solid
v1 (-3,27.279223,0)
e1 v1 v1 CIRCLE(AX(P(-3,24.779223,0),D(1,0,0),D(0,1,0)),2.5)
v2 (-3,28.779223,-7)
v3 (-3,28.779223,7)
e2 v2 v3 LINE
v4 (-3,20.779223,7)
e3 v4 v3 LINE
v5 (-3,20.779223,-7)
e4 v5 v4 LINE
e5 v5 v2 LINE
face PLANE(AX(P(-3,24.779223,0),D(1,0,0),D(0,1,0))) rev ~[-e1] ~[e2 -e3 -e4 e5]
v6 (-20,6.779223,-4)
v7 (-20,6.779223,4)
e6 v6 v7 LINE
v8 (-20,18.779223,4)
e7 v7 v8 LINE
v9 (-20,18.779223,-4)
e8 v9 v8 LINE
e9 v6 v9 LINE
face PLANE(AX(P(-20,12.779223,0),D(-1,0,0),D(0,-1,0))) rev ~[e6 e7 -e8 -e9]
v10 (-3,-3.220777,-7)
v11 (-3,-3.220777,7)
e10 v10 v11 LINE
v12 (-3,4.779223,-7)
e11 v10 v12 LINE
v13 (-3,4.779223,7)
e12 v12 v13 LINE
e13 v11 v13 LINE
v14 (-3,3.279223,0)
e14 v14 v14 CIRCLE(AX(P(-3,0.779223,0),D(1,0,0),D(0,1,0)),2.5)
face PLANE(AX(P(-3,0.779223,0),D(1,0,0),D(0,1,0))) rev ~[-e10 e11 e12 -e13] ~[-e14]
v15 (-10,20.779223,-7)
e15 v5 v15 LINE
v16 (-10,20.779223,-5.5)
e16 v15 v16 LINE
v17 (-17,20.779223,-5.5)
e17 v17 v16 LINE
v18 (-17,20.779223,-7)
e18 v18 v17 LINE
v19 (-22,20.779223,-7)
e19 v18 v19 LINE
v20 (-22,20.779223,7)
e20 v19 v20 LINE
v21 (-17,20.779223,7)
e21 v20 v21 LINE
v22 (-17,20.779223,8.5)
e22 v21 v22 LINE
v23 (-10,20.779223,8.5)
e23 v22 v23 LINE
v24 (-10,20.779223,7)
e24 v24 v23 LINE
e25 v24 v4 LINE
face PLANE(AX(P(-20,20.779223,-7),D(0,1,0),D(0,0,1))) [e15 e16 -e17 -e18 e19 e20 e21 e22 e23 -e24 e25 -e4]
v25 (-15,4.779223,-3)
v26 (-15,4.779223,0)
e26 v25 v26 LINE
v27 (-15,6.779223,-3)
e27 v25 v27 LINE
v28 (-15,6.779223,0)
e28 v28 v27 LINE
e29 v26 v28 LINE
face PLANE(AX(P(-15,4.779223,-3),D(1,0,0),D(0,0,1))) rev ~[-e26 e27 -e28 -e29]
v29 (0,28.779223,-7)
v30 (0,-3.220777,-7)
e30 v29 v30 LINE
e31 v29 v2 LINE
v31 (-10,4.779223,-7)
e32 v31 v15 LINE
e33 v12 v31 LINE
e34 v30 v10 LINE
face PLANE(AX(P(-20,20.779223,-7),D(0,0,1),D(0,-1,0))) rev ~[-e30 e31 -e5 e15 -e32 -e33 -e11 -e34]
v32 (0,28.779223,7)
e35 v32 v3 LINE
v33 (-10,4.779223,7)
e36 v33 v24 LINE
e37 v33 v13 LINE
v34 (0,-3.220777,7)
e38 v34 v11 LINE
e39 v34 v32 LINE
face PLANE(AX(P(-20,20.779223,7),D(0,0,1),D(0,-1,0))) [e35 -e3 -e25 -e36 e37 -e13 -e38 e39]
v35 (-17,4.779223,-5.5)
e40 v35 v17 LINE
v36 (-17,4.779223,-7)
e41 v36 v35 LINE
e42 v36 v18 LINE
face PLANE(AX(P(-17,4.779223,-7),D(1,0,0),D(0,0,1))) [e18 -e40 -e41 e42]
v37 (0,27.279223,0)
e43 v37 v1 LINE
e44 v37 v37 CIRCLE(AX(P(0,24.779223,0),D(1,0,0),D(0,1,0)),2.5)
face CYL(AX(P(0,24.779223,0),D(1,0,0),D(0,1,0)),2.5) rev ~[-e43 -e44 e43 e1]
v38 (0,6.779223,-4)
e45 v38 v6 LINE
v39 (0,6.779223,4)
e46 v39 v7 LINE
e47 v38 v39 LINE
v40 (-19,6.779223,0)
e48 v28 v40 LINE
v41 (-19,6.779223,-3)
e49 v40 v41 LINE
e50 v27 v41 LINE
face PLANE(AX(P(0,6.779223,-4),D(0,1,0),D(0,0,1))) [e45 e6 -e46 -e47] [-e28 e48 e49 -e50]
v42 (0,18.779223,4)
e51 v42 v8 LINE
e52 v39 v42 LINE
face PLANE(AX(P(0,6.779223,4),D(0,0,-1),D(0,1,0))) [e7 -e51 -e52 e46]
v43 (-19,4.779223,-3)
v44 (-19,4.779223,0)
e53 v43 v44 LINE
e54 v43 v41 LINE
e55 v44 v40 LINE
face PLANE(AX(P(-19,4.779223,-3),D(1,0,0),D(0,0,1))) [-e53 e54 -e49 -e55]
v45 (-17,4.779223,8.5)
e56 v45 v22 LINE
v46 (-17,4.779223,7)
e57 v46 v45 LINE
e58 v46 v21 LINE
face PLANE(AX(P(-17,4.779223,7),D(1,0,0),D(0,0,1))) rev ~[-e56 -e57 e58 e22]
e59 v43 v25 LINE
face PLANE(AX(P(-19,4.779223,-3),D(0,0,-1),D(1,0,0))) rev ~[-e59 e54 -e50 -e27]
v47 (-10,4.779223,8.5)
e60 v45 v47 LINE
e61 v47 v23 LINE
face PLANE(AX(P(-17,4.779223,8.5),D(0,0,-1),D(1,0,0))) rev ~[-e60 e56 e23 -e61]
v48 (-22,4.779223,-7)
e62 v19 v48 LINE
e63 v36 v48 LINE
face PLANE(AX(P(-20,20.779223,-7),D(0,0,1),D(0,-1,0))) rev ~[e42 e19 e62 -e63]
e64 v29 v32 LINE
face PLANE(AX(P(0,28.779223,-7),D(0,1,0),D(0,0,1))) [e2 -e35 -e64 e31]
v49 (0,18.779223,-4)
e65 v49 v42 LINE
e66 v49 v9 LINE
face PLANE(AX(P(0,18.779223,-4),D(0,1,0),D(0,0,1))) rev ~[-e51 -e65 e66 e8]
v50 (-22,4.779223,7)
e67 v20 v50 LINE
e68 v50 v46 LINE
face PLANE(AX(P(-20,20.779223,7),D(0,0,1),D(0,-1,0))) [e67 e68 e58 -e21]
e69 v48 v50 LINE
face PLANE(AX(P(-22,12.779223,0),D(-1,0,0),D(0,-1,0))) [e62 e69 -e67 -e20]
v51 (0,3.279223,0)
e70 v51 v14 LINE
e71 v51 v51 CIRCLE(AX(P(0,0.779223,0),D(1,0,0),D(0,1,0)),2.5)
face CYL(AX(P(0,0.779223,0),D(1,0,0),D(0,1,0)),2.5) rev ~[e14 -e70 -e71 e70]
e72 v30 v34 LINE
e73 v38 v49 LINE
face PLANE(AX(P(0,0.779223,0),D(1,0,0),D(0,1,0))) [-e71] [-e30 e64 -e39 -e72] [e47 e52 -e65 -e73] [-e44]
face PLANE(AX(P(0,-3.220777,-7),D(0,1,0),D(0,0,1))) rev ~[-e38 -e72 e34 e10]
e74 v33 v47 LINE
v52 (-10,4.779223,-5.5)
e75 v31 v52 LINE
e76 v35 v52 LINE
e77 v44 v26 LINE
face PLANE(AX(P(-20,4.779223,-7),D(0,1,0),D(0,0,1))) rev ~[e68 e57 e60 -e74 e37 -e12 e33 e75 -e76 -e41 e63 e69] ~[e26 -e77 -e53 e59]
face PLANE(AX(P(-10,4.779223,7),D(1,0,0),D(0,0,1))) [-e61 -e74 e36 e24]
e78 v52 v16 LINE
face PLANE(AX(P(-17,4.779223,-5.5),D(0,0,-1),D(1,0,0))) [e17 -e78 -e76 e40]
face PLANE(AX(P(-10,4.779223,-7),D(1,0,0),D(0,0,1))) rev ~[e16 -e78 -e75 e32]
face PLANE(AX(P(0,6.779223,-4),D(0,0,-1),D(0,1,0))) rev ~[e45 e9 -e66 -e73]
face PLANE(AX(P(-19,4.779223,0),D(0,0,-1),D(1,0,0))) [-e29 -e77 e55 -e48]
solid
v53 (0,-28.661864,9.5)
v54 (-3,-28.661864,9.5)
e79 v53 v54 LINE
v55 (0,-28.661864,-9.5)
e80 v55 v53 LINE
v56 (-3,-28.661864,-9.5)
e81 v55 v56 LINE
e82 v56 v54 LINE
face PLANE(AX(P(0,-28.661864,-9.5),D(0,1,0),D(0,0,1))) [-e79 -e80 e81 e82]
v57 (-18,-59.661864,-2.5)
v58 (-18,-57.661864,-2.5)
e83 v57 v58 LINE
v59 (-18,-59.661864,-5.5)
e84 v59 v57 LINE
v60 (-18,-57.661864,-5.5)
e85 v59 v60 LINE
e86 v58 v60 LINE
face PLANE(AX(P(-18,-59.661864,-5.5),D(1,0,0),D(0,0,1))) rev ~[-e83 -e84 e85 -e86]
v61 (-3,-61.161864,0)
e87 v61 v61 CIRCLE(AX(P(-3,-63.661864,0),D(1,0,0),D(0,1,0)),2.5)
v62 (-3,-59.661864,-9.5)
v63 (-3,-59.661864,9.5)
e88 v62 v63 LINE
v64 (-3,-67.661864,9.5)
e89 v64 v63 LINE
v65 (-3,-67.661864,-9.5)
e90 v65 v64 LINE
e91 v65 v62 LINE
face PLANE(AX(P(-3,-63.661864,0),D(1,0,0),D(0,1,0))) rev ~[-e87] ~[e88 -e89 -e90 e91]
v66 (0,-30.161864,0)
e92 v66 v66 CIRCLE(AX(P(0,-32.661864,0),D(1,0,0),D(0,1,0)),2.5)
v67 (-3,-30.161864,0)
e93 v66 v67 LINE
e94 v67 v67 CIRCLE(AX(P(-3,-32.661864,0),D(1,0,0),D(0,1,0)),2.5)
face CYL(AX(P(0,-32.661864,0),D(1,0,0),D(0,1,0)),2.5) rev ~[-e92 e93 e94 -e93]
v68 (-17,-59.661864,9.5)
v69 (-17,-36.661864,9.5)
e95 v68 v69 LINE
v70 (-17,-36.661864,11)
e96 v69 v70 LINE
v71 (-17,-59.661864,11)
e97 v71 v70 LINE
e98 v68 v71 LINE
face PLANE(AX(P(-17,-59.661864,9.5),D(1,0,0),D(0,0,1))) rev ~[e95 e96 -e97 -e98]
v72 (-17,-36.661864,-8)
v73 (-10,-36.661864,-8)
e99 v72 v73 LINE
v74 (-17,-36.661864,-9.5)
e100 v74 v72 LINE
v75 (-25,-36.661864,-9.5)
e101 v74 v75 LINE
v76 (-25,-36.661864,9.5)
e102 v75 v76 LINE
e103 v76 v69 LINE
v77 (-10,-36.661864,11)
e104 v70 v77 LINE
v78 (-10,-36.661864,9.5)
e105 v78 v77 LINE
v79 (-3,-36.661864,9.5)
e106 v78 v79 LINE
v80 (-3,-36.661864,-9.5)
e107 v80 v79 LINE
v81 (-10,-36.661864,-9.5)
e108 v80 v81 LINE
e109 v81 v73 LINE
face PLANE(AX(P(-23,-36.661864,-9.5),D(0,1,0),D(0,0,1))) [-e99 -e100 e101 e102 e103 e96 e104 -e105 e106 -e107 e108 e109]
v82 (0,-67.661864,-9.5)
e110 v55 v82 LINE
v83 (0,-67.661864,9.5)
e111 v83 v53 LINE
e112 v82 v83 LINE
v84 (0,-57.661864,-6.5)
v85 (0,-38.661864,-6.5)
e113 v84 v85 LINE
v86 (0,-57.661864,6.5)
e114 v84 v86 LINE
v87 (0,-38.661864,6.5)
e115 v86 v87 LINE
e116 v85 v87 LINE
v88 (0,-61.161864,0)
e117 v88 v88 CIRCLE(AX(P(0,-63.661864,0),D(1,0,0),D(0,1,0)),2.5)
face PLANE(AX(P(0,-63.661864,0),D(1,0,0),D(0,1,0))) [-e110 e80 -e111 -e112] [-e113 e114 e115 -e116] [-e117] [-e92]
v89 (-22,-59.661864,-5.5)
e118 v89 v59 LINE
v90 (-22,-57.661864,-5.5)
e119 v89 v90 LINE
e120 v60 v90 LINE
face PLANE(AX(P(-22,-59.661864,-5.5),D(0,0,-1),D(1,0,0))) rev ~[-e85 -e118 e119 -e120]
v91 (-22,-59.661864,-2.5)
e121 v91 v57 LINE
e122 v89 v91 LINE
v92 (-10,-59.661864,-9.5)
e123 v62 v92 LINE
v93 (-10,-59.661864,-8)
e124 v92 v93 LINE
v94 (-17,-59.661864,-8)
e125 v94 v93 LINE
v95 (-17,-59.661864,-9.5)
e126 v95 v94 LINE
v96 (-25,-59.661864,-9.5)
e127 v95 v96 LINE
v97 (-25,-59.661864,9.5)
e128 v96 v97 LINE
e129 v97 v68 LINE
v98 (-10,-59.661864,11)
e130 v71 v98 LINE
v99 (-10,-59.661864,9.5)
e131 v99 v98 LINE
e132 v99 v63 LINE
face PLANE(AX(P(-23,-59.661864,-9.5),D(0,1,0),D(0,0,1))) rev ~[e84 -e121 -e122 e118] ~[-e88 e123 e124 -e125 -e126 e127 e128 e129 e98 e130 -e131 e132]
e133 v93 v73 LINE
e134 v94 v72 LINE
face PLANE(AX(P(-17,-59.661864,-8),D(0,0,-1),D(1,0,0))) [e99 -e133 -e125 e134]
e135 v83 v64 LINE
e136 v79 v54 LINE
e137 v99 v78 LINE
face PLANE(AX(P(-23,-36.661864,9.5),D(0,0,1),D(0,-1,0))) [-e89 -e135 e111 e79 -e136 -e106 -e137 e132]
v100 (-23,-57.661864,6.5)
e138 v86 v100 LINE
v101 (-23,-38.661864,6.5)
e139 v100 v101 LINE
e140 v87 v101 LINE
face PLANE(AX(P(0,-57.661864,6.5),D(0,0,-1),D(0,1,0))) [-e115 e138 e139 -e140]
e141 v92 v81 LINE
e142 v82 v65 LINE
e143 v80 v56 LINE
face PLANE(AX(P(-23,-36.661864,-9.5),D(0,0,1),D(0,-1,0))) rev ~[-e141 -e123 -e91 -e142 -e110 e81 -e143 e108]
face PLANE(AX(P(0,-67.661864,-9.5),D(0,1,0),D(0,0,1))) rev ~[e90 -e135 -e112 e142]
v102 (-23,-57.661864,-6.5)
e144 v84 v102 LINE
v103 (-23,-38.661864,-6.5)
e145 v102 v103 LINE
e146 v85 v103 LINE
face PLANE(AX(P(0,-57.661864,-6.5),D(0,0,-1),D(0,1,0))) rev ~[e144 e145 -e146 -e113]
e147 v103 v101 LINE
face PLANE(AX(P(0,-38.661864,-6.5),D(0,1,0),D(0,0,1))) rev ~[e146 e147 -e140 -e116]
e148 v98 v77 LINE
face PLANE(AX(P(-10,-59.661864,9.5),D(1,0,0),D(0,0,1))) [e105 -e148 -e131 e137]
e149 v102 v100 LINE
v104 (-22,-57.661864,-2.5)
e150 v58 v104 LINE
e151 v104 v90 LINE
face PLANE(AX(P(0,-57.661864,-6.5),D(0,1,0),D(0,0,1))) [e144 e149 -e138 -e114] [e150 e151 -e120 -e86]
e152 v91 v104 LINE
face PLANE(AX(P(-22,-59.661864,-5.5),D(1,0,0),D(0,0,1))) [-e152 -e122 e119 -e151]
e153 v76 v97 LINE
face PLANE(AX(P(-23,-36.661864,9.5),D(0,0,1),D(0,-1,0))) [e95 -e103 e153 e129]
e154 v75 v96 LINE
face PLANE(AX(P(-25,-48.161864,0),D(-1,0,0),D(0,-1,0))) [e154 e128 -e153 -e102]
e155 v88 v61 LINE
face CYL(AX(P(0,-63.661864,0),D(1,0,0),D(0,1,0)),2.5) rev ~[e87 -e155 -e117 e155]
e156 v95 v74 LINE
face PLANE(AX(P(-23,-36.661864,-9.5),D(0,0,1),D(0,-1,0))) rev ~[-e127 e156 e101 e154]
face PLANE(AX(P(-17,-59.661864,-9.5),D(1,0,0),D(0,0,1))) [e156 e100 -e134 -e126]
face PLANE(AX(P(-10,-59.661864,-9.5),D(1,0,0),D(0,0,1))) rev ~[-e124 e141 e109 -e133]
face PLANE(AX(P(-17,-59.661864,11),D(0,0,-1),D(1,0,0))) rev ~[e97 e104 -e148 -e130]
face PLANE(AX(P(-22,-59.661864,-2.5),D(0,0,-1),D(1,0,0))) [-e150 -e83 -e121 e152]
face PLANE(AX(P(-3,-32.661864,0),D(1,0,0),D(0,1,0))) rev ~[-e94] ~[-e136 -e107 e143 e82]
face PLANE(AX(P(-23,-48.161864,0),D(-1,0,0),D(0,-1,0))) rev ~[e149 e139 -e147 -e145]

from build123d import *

# Parameters (mm, degrees)
F0_W      = 23
F0_H      = 19
F0_W_2    = 19
F0_H_2    = 13
F1_DEPTH  = 23
F0_W_3    = 8
F0_R      = 2.5
F2_DEPTH  = 3
F3_W      = 23
F3_H      = 19
F4_DEPTH  = 2
F5_W      = 4
F5_H      = 3
F6_DEPTH  = 3
F5_W_2    = 7
F5_H_2    = 1.5
F7_DEPTH  = 23
F8_DEPTH  = 23
F0_W_4    = 16
F0_H_3    = 14
F0_W_5    = 12
F0_H_4    = 8
F9_DEPTH  = 20
F10_DEPTH = 3
F11_W     = 16
F11_H     = 14
F12_DEPTH = 2
F13_W     = 4
F13_H     = 3
F14_DEPTH = 3
F13_W_2   = 7
F13_H_2   = 1.5
F15_DEPTH = 16
F16_DEPTH = 16


with BuildPart() as f1:
    # F0 (on Right) → F1 (new body)
    with BuildSketch(Plane.YZ):
        with Locations((-48.1618642807, 0)):
            Rectangle(F0_W, F0_H)
        with Locations((-48.1618642807, 0)):
            Rectangle(F0_W_2, F0_H_2, mode=Mode.SUBTRACT)
    extrude(amount=-F1_DEPTH)

    # F0 (on Right) → F2 (join)
    with BuildSketch(Plane.YZ):
        with Locations((-63.6618642807, 0)):
            Rectangle(F0_W_3, F0_H)
        with Locations((-63.6618642807, 0)):
            Circle(F0_R, mode=Mode.SUBTRACT)
        with Locations((-32.6618642807, 0)):
            Rectangle(F0_W_3, F0_H)
        with Locations((-32.6618642807, 0)):
            Circle(F0_R, mode=Mode.SUBTRACT)
    extrude(amount=-F2_DEPTH)

    # F3 (on face) → F4 (join)
    with BuildSketch(Plane(origin=(-23, 0, 0), x_dir=(0, -1, 0), z_dir=(-1, 0, 0))):
        with Locations((48.1618642807, 0)):
            Rectangle(F3_W, F3_H)
    extrude(amount=F4_DEPTH)

    # F5 (on face) → F6 (cut)
    with BuildSketch(Plane.XZ.offset(59.6618642807)):
        with Locations((-20, -4)):
            Rectangle(F5_W, F5_H)
    extrude(amount=-F6_DEPTH, mode=Mode.SUBTRACT)

    # F5 (on face) → F7 (join)
    with BuildSketch(Plane.XZ.offset(59.6618642807)):
        with Locations((-13.5, 10.25)):
            Rectangle(F5_W_2, F5_H_2)
    extrude(amount=-F7_DEPTH)

    # F5 (on face) → F8 (cut)
    with BuildSketch(Plane.XZ.offset(59.6618642807)):
        with Locations((-13.5, -8.75)):
            Rectangle(F5_W_2, F5_H_2)
    extrude(amount=-F8_DEPTH, mode=Mode.SUBTRACT)


with BuildPart() as f9:
    # F0 (on Right) → F9 (new body)
    with BuildSketch(Plane.YZ):
        with Locations((12.7792228013, 0)):
            Rectangle(F0_W_4, F0_H_3)
        with Locations((12.7792228013, 0)):
            Rectangle(F0_W_5, F0_H_4, mode=Mode.SUBTRACT)
    extrude(amount=-F9_DEPTH)

    # F0 (on Right) → F10 (join)
    with BuildSketch(Plane.YZ):
        with Locations((0.7792228013, 0)):
            Rectangle(F0_W_3, F0_H_3)
        with Locations((0.7792228013, 0)):
            Circle(F0_R, mode=Mode.SUBTRACT)
        with Locations((24.7792228013, 0)):
            Rectangle(F0_W_3, F0_H_3)
        with Locations((24.7792228013, 0)):
            Circle(F0_R, mode=Mode.SUBTRACT)
    extrude(amount=-F10_DEPTH)

    # F11 (on face) → F12 (join)
    with BuildSketch(Plane(origin=(-20, 0, 0), x_dir=(0, -1, 0), z_dir=(-1, 0, 0))):
        with Locations((-12.7792228013, 0)):
            Rectangle(F11_W, F11_H)
    extrude(amount=F12_DEPTH)

    # F13 (on face) → F14 (cut)
    with BuildSketch(Plane.XZ.offset(-4.7792228013)):
        with Locations((-17, -1.5)):
            Rectangle(F13_W, F13_H)
    extrude(amount=-F14_DEPTH, mode=Mode.SUBTRACT)

    # F13 (on face) → F15 (cut)
    with BuildSketch(Plane.XZ.offset(-4.7792228013)):
        with Locations((-13.5, -6.25)):
            Rectangle(F13_W_2, F13_H_2)
    extrude(amount=-F15_DEPTH, mode=Mode.SUBTRACT)

    # F13 (on face) → F16 (join)
    with BuildSketch(Plane.XZ.offset(-4.7792228013)):
        with Locations((-13.5, 7.75)):
            Rectangle(F13_W_2, F13_H_2)
    extrude(amount=-F16_DEPTH)


solid = Compound([f1.part, f9.part])
